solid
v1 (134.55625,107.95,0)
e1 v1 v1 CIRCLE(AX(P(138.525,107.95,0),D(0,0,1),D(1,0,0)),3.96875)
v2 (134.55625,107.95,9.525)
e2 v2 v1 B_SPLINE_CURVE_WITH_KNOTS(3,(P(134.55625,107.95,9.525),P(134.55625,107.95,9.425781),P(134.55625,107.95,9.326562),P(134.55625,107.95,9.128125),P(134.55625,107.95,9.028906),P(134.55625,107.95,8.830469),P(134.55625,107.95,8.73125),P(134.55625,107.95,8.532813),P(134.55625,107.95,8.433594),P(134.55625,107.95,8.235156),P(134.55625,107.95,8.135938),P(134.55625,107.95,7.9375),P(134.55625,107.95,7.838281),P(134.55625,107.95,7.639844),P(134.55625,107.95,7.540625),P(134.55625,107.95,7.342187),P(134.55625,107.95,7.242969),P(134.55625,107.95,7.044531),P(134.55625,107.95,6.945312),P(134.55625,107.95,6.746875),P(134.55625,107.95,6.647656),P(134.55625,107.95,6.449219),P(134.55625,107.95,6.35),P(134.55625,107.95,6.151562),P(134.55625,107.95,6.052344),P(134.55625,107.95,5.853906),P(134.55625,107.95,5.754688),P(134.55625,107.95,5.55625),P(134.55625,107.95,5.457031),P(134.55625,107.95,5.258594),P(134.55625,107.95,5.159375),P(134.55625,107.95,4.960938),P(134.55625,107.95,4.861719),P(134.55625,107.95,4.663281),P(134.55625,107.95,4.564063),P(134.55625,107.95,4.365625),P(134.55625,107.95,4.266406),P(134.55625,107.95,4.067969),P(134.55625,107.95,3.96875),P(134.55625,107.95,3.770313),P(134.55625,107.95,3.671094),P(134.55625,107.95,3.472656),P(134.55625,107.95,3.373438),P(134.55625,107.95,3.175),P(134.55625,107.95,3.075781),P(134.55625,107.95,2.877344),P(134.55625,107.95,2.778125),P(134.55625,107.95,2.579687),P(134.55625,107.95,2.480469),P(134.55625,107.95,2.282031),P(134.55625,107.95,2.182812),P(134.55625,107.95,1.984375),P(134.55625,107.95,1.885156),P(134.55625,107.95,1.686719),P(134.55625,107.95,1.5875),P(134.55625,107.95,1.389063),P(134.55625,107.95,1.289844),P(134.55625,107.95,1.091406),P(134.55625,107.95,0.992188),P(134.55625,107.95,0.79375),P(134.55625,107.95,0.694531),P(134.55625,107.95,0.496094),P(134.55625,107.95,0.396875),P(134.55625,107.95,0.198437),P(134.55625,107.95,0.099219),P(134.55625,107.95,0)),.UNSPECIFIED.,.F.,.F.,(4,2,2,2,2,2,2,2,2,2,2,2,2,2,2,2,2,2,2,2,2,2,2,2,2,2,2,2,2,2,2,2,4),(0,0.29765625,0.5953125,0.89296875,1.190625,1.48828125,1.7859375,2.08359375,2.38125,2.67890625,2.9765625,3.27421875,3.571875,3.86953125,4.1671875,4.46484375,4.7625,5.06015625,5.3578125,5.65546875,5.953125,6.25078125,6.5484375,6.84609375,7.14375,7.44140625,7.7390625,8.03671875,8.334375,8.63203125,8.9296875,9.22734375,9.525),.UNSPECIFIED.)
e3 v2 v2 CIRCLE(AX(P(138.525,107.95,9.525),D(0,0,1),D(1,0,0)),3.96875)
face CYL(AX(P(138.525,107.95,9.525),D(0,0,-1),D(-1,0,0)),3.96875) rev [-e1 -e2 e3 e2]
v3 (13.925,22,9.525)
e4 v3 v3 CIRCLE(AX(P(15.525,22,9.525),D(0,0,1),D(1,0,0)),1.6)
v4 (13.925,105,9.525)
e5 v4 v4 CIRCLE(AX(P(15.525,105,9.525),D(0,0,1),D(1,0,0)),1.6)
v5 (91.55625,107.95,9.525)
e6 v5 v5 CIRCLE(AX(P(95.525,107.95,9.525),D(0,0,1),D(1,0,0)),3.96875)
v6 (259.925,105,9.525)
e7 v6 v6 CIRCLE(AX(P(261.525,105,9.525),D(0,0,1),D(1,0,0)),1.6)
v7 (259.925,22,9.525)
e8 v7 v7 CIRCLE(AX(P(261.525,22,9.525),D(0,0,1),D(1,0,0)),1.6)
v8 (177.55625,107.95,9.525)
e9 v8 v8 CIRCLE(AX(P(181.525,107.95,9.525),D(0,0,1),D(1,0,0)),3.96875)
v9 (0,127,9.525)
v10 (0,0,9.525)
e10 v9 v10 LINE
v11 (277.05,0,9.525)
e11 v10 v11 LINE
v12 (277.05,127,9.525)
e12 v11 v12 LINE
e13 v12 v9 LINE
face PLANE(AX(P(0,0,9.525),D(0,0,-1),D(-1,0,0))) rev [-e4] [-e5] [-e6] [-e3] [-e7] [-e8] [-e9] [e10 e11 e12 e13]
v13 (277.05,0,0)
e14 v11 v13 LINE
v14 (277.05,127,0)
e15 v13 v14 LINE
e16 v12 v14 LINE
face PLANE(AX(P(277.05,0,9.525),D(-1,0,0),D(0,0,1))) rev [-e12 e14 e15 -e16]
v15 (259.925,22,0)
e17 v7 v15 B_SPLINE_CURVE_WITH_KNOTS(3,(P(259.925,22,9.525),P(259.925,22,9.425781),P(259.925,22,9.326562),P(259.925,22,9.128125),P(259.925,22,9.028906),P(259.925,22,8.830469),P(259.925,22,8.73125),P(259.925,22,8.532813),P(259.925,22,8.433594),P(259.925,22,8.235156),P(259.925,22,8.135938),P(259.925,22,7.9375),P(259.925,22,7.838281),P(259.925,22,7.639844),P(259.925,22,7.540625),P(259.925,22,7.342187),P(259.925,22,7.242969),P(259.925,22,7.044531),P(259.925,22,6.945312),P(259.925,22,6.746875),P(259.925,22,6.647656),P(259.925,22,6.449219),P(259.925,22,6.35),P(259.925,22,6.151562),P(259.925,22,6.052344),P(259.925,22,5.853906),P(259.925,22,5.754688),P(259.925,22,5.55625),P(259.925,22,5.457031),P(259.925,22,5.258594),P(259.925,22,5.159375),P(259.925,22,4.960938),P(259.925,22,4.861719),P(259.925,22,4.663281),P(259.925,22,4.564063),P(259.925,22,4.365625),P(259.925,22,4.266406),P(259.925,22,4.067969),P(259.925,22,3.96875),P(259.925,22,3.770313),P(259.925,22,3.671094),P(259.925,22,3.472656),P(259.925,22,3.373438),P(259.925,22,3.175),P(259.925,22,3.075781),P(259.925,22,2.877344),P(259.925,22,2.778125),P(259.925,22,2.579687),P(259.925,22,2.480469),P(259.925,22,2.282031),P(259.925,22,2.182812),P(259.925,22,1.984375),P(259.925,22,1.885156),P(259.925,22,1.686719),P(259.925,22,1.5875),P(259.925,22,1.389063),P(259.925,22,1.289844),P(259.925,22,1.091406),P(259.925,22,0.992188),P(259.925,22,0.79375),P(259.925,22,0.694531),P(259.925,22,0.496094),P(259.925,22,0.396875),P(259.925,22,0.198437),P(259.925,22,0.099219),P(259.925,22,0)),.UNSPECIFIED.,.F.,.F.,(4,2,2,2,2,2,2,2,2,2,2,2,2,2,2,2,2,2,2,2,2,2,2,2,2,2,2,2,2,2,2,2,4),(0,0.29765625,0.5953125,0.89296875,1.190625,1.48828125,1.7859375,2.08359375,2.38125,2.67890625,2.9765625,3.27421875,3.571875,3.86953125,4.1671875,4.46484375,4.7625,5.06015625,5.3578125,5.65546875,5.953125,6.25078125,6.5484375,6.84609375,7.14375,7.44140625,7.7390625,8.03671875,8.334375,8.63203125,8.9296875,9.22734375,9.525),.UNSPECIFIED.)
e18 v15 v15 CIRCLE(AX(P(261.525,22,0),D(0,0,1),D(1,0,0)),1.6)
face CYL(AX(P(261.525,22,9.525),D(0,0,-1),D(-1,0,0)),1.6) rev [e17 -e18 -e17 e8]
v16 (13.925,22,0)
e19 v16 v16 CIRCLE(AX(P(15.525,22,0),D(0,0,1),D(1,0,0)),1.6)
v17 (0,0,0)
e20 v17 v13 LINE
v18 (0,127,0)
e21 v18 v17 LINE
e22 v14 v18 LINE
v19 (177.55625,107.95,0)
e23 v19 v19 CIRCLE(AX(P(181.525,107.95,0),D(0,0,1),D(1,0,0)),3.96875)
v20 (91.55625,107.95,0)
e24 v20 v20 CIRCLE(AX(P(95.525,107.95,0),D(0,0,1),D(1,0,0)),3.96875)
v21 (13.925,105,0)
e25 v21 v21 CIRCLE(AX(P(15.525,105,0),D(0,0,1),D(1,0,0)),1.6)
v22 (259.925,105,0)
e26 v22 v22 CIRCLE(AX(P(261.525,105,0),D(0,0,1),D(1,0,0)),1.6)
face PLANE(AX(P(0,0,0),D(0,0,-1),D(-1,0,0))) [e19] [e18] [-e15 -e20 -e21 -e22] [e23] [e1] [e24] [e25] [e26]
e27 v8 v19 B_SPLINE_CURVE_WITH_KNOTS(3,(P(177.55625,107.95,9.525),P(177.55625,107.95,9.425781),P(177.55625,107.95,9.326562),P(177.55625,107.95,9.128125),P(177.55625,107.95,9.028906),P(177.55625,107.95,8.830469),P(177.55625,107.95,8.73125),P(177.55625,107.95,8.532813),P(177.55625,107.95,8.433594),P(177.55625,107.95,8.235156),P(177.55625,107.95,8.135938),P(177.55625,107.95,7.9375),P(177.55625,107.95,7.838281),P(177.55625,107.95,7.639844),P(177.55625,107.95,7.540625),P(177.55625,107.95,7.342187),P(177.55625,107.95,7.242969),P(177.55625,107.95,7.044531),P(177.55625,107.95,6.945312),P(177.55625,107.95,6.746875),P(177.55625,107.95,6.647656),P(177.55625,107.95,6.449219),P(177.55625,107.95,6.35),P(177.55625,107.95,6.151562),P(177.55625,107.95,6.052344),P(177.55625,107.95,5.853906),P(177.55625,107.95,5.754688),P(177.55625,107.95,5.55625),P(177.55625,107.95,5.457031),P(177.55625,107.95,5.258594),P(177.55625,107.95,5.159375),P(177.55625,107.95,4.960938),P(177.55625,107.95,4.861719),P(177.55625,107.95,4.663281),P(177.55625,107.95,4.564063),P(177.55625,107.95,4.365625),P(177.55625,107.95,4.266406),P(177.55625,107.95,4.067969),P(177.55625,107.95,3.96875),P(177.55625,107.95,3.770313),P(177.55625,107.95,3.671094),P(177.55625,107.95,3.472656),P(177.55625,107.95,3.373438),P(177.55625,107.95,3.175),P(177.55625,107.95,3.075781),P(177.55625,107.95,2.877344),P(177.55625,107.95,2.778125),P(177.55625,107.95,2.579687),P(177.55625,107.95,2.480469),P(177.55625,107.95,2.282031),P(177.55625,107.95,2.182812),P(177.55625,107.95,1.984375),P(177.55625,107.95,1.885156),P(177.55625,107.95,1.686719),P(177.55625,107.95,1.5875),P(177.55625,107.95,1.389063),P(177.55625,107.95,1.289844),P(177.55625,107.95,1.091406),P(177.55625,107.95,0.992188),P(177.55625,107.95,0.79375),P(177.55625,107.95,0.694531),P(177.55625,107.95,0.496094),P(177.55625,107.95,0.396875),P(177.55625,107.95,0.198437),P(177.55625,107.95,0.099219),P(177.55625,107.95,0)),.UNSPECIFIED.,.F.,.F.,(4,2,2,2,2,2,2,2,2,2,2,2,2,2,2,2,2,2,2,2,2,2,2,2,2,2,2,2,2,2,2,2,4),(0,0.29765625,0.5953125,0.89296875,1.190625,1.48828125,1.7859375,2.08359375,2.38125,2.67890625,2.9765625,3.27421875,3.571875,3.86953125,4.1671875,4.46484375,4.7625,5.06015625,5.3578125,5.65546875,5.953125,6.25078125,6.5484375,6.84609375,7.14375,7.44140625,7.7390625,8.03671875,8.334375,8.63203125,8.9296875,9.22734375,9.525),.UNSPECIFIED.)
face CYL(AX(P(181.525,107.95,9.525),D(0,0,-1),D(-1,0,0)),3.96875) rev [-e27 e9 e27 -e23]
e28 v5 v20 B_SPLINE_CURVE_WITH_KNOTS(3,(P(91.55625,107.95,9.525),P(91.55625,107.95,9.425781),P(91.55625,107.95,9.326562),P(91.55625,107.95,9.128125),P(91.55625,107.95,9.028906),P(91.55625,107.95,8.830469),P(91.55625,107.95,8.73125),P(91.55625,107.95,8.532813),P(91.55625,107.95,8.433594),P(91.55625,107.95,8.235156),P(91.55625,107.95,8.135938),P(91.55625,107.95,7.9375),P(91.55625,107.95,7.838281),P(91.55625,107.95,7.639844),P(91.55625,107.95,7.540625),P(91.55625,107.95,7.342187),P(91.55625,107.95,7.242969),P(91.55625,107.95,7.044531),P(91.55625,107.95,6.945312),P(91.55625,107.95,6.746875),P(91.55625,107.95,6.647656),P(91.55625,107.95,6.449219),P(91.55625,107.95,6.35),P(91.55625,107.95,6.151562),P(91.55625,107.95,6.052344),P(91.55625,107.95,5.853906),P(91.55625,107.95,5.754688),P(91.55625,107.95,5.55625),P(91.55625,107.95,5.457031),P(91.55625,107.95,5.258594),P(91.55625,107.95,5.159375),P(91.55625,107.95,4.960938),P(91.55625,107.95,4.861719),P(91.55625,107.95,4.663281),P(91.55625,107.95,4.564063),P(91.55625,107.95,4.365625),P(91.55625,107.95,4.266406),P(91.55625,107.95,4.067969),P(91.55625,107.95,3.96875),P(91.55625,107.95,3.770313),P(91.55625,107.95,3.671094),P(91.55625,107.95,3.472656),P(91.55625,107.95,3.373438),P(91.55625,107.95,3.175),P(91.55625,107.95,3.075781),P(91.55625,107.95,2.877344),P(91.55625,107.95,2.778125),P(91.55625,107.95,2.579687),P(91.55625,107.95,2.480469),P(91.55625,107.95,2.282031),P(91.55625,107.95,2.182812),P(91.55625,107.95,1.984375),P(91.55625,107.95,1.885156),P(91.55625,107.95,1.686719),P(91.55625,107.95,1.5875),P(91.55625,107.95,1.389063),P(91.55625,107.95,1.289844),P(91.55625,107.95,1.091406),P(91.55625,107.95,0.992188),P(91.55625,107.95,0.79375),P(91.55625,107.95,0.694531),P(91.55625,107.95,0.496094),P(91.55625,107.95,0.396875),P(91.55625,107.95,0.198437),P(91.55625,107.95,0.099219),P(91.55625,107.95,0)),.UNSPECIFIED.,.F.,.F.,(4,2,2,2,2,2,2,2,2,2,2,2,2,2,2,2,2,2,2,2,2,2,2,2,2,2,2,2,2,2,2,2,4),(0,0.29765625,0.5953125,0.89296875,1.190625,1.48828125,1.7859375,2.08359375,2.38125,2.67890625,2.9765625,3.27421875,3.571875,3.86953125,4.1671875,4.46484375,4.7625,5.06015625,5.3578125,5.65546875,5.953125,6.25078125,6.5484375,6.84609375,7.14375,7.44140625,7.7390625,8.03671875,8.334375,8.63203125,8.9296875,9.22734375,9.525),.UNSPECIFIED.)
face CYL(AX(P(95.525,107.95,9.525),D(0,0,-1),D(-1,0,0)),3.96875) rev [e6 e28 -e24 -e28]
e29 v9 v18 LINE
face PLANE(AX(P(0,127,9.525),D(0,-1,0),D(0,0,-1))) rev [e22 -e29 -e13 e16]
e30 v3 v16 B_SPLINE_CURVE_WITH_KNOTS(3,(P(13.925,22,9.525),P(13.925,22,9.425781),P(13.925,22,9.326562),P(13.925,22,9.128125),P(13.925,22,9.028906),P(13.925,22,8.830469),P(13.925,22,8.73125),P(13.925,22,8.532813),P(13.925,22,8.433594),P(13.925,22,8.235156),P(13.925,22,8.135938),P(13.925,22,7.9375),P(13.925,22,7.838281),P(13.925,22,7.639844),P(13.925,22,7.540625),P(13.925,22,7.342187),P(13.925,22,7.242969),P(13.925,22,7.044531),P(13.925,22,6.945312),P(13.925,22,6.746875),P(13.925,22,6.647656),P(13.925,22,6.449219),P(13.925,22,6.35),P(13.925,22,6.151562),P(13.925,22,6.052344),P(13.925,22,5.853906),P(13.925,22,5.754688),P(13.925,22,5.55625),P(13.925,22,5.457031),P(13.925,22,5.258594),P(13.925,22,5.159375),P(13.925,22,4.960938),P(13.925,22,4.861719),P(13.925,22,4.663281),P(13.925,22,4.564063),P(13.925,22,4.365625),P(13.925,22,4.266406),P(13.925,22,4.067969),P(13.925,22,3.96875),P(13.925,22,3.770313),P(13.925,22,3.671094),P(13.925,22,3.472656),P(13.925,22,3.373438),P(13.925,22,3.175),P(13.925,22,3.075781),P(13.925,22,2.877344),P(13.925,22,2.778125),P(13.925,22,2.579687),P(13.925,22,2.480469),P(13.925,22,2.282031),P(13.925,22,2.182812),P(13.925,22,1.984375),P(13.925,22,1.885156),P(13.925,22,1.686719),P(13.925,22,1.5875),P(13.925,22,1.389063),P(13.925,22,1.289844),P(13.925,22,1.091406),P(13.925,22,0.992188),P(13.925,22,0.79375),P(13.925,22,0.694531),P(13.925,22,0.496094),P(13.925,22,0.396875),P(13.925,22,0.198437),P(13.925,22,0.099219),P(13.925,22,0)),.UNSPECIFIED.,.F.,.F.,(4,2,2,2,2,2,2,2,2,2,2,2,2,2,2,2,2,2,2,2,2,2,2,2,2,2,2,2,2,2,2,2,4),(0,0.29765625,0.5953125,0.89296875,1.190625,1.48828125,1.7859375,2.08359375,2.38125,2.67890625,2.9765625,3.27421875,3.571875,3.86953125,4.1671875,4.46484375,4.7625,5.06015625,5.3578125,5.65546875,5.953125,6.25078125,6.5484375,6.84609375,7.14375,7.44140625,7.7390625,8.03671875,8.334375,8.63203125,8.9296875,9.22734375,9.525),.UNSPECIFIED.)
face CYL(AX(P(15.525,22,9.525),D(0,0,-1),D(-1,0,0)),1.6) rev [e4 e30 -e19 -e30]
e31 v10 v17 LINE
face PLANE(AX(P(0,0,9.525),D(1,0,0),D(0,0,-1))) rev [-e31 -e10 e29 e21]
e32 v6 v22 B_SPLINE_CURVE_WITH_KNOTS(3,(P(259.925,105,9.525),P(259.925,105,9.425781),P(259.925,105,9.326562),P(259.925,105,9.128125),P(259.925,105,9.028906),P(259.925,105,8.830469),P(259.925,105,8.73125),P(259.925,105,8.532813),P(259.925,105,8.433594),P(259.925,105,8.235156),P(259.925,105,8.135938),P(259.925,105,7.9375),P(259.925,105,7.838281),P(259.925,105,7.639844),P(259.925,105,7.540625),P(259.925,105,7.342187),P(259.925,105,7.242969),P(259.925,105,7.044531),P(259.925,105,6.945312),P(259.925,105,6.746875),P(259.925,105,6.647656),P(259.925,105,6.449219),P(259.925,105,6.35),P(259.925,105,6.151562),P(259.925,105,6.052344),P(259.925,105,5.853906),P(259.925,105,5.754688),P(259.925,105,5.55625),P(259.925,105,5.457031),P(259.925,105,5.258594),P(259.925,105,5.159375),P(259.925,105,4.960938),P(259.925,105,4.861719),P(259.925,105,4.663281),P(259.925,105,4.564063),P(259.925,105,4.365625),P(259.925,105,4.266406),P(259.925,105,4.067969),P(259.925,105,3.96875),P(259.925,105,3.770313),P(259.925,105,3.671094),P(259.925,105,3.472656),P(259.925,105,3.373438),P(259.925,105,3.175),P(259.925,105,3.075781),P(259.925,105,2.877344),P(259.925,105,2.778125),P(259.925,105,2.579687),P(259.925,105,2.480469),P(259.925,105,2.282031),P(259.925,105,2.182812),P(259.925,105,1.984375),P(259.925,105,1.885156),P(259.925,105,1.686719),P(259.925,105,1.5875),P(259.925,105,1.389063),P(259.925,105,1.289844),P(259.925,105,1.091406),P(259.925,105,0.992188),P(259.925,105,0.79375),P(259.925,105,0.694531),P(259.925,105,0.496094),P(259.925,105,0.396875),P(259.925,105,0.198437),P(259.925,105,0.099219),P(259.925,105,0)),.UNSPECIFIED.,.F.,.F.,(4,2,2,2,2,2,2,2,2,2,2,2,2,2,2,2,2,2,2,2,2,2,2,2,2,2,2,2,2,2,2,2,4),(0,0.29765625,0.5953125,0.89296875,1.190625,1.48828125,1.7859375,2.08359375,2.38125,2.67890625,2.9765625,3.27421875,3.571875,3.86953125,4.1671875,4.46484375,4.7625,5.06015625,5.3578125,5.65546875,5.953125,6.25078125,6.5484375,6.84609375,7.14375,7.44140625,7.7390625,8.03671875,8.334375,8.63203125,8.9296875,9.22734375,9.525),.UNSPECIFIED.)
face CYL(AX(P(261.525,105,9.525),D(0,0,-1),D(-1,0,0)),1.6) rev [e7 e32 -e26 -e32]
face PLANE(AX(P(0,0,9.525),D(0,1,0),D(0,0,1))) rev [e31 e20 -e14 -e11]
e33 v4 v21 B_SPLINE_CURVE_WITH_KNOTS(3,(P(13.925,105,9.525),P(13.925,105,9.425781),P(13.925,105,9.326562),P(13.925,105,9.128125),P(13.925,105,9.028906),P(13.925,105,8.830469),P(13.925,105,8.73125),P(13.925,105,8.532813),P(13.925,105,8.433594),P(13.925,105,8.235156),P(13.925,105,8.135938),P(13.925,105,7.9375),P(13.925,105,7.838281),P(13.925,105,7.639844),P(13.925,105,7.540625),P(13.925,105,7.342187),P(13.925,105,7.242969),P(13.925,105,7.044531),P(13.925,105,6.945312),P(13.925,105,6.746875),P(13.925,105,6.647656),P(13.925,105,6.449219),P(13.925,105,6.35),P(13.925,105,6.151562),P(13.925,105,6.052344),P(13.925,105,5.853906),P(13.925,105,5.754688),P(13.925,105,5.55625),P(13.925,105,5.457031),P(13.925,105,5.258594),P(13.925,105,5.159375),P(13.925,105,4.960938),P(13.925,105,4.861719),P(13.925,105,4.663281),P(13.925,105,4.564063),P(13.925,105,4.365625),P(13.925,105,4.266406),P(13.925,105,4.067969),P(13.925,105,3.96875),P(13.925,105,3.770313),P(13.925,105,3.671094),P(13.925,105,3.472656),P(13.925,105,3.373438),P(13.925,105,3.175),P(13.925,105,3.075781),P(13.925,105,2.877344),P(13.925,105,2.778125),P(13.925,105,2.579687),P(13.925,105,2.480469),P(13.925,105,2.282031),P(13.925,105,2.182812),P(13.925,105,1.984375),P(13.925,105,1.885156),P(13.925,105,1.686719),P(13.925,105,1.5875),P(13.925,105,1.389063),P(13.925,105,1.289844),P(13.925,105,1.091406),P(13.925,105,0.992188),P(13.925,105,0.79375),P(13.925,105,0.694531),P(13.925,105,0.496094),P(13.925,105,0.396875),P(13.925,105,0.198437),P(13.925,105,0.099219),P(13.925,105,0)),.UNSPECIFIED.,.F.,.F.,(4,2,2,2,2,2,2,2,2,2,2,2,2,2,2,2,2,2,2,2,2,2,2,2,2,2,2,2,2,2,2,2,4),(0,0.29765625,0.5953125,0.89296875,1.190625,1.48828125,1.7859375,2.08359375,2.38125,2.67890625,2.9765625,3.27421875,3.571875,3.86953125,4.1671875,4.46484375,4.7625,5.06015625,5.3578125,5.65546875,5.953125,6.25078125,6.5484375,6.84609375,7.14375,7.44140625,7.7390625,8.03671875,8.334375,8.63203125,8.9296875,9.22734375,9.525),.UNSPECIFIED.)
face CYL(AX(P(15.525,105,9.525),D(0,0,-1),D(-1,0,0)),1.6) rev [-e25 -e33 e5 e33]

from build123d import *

# Parameters (mm, degrees)
SKETCH1_W           = 277.05
SKETCH1_H           = 127
SKETCH1_R           = 3.96875
SKETCH1_R_2         = 1.6
BOSS_EXTRUDE1_DEPTH = 9.525


with BuildPart() as part:
    # Sketch1 → Boss-Extrude1 (new body)
    with BuildSketch(Plane.XY):
        with Locations((138.525, 63.5)):
            Rectangle(SKETCH1_W, SKETCH1_H)
        with Locations(Location((95.525, 107.95, 0), (0, 0, 180))):
            Circle(SKETCH1_R, mode=Mode.SUBTRACT)
        with Locations(Location((138.525, 107.95, 0), (0, 0, 180))):
            Circle(SKETCH1_R, mode=Mode.SUBTRACT)
        with Locations(Location((181.525, 107.95, 0), (0, 0, 180))):
            Circle(SKETCH1_R, mode=Mode.SUBTRACT)
        with Locations(Location((15.525, 105, 0), (0, 0, 180))):
            Circle(SKETCH1_R_2, mode=Mode.SUBTRACT)
        with Locations(Location((15.525, 22, 0), (0, 0, 180))):
            Circle(SKETCH1_R_2, mode=Mode.SUBTRACT)
        with Locations(Location((261.525, 105, 0), (0, 0, 180))):
            Circle(SKETCH1_R_2, mode=Mode.SUBTRACT)
        with Locations(Location((261.525, 22, 0), (0, 0, 180))):
            Circle(SKETCH1_R_2, mode=Mode.SUBTRACT)
    extrude(amount=BOSS_EXTRUDE1_DEPTH)


solid = part.part
